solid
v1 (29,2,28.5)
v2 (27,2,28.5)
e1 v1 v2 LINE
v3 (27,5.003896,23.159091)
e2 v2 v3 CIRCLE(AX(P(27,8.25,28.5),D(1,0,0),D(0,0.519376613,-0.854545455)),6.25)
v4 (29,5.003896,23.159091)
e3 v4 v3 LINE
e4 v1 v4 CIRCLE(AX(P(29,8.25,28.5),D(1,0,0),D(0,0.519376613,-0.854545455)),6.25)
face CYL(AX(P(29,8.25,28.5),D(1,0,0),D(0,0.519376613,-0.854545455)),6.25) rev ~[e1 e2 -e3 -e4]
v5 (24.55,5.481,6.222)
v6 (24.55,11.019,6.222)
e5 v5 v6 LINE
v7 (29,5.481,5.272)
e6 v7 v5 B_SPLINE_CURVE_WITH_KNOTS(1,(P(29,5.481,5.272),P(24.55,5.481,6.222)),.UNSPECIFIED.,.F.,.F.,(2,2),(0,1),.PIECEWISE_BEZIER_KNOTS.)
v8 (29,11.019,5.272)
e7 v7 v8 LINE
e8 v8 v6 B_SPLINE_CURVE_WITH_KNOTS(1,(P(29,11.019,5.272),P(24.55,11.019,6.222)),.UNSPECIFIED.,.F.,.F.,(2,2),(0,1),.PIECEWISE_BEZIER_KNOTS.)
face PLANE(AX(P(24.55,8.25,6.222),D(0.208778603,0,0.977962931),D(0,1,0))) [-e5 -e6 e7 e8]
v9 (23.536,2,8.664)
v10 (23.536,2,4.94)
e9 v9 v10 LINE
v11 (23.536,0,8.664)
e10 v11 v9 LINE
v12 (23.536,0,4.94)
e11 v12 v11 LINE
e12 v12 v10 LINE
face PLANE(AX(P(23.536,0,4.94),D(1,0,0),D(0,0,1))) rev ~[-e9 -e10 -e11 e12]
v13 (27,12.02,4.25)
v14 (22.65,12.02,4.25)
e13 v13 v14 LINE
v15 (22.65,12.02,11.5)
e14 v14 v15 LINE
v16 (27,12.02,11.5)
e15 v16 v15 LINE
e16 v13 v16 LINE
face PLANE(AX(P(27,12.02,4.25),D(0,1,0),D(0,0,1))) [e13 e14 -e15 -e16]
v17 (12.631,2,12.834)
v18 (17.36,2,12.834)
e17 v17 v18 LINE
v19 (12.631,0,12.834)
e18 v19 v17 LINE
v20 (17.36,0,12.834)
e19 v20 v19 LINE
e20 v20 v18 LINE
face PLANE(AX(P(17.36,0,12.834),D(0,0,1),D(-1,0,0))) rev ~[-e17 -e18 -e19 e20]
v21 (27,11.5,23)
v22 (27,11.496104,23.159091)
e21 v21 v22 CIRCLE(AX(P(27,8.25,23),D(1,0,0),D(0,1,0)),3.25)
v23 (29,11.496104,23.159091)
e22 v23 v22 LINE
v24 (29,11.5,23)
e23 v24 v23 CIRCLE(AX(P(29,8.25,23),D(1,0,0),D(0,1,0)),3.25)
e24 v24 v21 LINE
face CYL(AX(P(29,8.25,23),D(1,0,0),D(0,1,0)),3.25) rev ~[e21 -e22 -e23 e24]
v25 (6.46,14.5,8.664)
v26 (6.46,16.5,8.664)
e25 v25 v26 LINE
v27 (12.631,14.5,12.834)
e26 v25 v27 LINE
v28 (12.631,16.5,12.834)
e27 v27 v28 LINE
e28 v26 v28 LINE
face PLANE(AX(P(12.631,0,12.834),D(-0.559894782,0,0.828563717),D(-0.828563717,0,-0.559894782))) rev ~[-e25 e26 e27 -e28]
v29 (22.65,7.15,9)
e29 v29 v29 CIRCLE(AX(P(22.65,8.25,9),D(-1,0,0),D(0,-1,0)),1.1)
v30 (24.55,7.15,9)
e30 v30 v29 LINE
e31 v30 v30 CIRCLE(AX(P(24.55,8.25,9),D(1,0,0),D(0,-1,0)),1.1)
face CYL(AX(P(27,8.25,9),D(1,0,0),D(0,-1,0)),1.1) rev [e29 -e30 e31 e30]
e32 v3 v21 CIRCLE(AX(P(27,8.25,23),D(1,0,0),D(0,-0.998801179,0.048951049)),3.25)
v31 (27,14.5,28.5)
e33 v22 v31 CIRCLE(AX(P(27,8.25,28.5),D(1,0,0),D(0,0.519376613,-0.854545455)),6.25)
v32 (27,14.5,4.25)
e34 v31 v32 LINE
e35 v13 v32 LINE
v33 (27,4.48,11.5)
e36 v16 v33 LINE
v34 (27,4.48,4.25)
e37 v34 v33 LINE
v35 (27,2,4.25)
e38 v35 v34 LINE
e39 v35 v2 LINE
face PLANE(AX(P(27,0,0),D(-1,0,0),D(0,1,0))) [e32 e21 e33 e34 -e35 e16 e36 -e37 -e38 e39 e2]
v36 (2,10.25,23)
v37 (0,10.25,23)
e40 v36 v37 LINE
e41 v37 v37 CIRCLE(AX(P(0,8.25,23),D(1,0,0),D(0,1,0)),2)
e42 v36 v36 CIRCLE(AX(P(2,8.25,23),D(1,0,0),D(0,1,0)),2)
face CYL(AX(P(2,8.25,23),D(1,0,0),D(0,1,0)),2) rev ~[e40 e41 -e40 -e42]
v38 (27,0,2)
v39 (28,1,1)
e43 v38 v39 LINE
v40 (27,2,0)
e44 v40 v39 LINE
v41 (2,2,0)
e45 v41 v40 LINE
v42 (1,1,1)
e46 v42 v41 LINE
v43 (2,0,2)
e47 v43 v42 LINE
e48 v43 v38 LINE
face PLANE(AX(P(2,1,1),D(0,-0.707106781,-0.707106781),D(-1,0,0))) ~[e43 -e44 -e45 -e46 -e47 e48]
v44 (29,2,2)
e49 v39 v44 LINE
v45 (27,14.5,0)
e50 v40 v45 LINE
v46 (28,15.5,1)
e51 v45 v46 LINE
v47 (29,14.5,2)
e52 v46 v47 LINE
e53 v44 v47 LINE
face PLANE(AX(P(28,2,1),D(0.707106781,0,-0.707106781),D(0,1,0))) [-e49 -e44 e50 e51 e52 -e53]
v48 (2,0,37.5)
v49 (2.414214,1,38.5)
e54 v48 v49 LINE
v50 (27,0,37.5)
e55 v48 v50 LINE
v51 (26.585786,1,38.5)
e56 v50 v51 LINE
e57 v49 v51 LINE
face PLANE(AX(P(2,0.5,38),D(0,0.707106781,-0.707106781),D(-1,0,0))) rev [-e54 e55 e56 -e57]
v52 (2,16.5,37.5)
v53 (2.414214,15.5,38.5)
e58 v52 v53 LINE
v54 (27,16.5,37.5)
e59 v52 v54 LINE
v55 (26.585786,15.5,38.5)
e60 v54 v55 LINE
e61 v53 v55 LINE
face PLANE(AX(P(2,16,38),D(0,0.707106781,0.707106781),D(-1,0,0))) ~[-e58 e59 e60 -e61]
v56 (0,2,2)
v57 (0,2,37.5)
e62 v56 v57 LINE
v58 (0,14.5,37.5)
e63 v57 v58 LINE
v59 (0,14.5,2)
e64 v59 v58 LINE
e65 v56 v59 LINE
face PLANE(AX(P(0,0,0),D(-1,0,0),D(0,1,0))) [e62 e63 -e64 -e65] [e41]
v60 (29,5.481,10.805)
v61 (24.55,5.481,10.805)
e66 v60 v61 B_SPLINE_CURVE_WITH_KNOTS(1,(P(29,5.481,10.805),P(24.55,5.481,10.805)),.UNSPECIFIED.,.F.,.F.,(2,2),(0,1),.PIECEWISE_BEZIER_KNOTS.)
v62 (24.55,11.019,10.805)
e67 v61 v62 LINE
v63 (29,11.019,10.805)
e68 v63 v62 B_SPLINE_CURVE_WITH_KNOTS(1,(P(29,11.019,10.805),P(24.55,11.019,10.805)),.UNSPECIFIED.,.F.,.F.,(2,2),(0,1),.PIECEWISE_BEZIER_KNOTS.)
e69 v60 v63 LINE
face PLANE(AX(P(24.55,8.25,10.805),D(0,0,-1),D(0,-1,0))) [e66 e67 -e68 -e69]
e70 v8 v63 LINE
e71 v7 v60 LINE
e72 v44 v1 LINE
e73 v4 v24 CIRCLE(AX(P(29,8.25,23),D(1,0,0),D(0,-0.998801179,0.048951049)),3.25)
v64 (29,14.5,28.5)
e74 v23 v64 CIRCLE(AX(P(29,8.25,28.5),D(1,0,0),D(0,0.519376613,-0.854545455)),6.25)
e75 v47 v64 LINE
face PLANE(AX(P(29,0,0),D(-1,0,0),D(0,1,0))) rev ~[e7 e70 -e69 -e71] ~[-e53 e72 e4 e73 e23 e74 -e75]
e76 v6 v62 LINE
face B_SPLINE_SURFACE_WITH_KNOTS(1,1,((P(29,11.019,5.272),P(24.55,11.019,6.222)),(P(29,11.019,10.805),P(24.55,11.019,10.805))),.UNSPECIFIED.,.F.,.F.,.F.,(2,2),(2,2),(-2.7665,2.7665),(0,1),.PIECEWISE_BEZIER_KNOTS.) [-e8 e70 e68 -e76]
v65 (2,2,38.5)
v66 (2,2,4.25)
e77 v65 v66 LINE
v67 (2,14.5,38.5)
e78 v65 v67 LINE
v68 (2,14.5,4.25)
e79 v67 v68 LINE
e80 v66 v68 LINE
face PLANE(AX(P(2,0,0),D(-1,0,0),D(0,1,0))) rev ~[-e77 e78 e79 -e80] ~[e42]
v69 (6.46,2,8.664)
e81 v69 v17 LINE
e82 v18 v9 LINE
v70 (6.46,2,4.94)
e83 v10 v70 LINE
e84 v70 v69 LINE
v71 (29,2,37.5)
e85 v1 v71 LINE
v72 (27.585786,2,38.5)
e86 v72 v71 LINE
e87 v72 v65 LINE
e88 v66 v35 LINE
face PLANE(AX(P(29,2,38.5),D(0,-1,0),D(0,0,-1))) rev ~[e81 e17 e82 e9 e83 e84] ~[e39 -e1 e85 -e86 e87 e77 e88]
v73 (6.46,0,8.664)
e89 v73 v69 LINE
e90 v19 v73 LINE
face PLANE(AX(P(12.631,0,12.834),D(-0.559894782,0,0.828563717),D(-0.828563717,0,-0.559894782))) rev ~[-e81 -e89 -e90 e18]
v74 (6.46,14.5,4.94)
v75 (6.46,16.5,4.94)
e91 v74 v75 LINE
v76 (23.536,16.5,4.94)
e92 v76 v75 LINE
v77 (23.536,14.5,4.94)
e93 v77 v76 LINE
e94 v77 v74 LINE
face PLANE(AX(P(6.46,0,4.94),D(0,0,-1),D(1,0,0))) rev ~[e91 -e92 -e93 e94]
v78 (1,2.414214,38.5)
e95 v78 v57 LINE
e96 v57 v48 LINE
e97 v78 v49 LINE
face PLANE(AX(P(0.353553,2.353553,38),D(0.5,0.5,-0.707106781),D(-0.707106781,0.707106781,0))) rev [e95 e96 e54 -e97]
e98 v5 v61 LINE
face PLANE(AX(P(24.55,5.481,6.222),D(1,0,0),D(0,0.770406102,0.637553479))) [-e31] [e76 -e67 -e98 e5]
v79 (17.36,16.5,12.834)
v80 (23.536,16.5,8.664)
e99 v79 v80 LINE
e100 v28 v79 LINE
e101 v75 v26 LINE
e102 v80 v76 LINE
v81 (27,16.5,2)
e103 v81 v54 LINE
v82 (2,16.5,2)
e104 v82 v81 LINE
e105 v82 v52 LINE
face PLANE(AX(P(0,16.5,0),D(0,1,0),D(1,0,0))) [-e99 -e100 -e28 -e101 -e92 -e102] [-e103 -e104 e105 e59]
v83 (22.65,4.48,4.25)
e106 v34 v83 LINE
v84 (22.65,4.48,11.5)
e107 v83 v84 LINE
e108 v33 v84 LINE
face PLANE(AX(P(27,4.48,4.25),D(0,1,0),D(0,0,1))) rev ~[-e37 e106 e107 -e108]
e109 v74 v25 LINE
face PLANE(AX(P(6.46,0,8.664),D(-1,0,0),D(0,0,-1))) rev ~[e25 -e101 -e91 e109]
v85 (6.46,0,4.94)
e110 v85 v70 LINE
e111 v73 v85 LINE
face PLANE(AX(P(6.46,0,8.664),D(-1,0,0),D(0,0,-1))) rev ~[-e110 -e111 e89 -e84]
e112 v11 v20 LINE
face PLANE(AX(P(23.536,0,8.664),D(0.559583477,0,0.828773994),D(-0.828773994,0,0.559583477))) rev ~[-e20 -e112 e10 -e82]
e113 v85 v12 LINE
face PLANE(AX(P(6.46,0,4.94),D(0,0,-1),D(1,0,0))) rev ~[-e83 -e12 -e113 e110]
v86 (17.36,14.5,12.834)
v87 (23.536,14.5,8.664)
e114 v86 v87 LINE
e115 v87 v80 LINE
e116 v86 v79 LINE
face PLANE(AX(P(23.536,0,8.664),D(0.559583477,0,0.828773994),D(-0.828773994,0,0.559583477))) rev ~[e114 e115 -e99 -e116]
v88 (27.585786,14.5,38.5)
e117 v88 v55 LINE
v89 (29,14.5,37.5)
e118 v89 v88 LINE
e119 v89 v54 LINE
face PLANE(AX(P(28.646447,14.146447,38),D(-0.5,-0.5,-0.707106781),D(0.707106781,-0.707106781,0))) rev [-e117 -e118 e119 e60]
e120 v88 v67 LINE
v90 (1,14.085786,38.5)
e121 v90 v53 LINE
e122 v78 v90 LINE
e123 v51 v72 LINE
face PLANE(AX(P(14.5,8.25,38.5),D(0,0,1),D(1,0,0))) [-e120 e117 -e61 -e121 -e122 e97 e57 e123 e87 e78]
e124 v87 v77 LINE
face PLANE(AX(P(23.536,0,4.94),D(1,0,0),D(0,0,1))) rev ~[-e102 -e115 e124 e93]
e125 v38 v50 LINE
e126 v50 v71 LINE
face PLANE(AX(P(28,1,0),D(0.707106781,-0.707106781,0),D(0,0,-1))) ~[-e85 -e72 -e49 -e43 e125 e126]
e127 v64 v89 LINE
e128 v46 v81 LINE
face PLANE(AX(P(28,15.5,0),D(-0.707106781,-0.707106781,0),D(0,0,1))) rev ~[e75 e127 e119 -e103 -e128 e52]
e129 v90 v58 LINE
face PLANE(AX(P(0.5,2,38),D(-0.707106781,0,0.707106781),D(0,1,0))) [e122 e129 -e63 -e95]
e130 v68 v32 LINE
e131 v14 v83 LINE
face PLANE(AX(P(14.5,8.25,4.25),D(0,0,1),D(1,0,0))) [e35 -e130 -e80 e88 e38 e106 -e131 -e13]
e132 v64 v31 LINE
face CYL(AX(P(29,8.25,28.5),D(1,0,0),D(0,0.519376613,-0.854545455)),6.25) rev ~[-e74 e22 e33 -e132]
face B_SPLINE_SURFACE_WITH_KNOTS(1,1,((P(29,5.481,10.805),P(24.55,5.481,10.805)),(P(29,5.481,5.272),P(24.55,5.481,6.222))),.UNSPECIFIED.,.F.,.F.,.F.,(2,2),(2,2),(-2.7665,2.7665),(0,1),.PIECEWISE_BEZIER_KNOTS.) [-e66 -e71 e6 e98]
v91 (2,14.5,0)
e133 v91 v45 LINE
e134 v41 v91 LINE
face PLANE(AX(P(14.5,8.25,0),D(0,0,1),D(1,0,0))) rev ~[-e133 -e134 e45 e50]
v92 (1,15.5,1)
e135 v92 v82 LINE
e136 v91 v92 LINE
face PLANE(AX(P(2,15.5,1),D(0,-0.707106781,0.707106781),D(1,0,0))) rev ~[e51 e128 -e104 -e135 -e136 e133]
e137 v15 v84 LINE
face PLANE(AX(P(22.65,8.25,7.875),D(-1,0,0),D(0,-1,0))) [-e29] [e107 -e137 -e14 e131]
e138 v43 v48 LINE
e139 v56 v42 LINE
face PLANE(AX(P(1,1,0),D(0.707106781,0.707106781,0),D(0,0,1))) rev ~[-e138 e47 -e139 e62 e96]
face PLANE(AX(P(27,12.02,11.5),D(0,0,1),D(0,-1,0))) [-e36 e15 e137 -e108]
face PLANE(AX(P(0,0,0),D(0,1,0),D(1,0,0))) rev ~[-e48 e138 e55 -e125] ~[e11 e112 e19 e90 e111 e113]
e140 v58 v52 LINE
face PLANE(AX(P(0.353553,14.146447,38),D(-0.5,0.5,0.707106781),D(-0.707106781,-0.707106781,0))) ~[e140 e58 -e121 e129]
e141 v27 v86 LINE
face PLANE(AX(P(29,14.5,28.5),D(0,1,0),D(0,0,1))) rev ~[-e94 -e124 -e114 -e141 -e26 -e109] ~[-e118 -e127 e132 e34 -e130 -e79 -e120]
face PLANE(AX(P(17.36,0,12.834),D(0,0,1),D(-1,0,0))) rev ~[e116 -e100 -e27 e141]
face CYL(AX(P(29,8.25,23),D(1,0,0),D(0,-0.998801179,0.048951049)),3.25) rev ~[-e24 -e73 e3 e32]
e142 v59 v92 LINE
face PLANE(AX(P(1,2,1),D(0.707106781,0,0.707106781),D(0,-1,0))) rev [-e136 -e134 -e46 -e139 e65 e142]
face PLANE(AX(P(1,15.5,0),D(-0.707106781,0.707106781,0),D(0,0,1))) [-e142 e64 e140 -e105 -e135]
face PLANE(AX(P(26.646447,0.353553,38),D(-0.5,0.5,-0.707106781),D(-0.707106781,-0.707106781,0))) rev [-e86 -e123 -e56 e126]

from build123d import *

# Parameters (mm, degrees)
F0_W      = 29
F0_H      = 16.5
F1_DEPTH  = 38.5
F2_T      = -2
F3_DEPTH  = 2.25
F4_SIZE   = 2
F5_SIZE   = 2
F6_SIZE   = 1
F8_DEPTH  = 16.501
F10_DEPTH = 2
F11_R     = 2
F12_DEPTH = 2.001
F13_W     = 7.54
F13_H     = 7.25
F13_R     = 1.1
F14_DEPTH = 4.35
F15_W     = 5.538
F15_H     = 5.533
F17_W     = 5.538
F17_H     = 4.583


with BuildPart() as f1:
    # F0 (on Top) → F1 (new body)
    with BuildSketch(Plane.XY):
        with Locations((14.5, 8.25)):
            Rectangle(F0_W, F0_H)
    extrude(amount=F1_DEPTH)

    # F2
    f2_openings = [f1.faces().sort_by_distance(p)[0] for p in [
        (14.5, 8.25, 38.5),
    ]]
    offset(amount=F2_T, openings=f2_openings)

    # F3 (add): a face of the model
    f3_faces = [f1.faces().sort_by_distance(p)[0] for p in [
        (14.5, 8.25, 2),
    ]]
    extrude(f3_faces, amount=F3_DEPTH)

    # F4
    f4_edges = [f1.edges().sort_by_distance(p)[0] for p in [
        (29, 16.5, 19.25),
        (0, 16.5, 19.25),
        (0, 0, 19.25),
        (29, 0, 19.25),
    ]]
    chamfer(f4_edges, length=F4_SIZE)

    # F5 (call 1 of 4: OpenCascade refuses the feature's edges together)
    f5_edges = [f1.edges().sort_by_distance(p)[0] for p in [
        (0, 8.25, 0),
    ]]
    chamfer(f5_edges, length=F5_SIZE)

    # F5#2 (call 2 of 4)
    f5_2_edges = [f1.edges().sort_by_distance(p)[0] for p in [
        (14.5, 0, 0),
    ]]
    chamfer(f5_2_edges, length=F5_SIZE)

    # F5#3 (call 3 of 4)
    f5_3_edges = [f1.edges().sort_by_distance(p)[0] for p in [
        (29, 8.25, 0),
    ]]
    chamfer(f5_3_edges, length=F5_SIZE)

    # F5#4 (call 4 of 4)
    f5_4_edges = [f1.edges().sort_by_distance(p)[0] for p in [
        (14.5, 16.5, 0),
    ]]
    chamfer(f5_4_edges, length=F5_SIZE)

    # F6
    f6_edges = [f1.edges().sort_by_distance(p)[0] for p in [
        (14.5, 16.5, 38.5),
        (29, 8.25, 38.5),
        (14.5, 0, 38.5),
        (0, 8.25, 38.5),
        (1, 15.5, 38.5),
        (28, 15.5, 38.5),
        (28, 1, 38.5),
        (1, 1, 38.5),
    ]]
    chamfer(f6_edges, length=F6_SIZE)

    # F7 (on face) → F8 (cut, through all)
    with BuildSketch(Plane.XZ):
        Polygon((17.36, 12.834), (12.631, 12.834), (6.46, 8.664), (6.46, 4.94), (23.536, 4.94), (23.536, 8.664), align=None)
    extrude(amount=-F8_DEPTH, mode=Mode.SUBTRACT)

    # F9 (on face) → F10 (cut, through all)
    with BuildSketch(Plane.YZ.offset(29)):
        with BuildLine():
            ThreePointArc((5.0038961688, 23.1590909091), (8.1704306945, 19.7509741882), (11.5, 23))
            ThreePointArc((11.5, 23), (11.4990258118, 23.0795693055), (11.4961038312, 23.1590909091))
            ThreePointArc((11.4961038312, 23.1590909091), (8.25, 22.25), (5.0038961688, 23.1590909091))
        make_face()
        with BuildLine():
            ThreePointArc((5.0038961688, 23.1590909091), (8.25, 22.25), (11.4961038312, 23.1590909091))
            ThreePointArc((11.4961038312, 23.1590909091), (8.25, 26.25), (5.0038961688, 23.1590909091))
        make_face()
        with BuildLine():
            ThreePointArc((5.0038961688, 23.1590909091), (8.25, 26.25), (11.4961038312, 23.1590909091))
            ThreePointArc((11.4961038312, 23.1590909091), (13.6975062618, 25.4361502113), (14.5, 28.5))
            Line((14.5, 28.5), (2, 28.5))
            ThreePointArc((2, 28.5), (2.8024937382, 25.4361502113), (5.0038961688, 23.1590909091))
        make_face()
        with BuildLine():
            Line((2, 28.5), (14.5, 28.5))
            ThreePointArc((14.5, 28.5), (8.25, 34.75), (2, 28.5))
        make_face()
        with BuildLine():
            ThreePointArc((2, 28.5), (8.25, 34.75), (14.5, 28.5))
            Line((14.5, 28.5), (14.5, 38.5))
            Line((14.5, 38.5), (2, 38.5))
            Line((2, 38.5), (2, 28.5))
        make_face()
    extrude(amount=-F10_DEPTH, mode=Mode.SUBTRACT)

    # F11 (on face) → F12 (cut, through all)
    with BuildSketch(Plane.YZ.offset(2)):
        with Locations((8.25, 23)):
            Circle(F11_R)
    extrude(amount=-F12_DEPTH, mode=Mode.SUBTRACT)

    # F13 (on face) → F14 (join)
    with BuildSketch(Plane(origin=(27, 0, 0), x_dir=(0, -1, 0), z_dir=(-1, 0, 0))):
        with Locations((-8.25, 7.875)):
            Rectangle(F13_W, F13_H)
        with Locations((-8.25, 9)):
            Circle(F13_R, mode=Mode.SUBTRACT)
    extrude(amount=F14_DEPTH)

    # F15 (on face) → F18 section 0
    with BuildSketch(Plane.YZ.offset(29)):
        with Locations((8.25, 8.0385)):
            Rectangle(F15_W, F15_H)
    # F17 (on offset) → F18 section 1
    with BuildSketch(Plane.YZ.offset(24.55)):
        with Locations((8.25, 8.5135)):
            Rectangle(F17_W, F17_H)
    loft(mode=Mode.SUBTRACT)


solid = f1.part
